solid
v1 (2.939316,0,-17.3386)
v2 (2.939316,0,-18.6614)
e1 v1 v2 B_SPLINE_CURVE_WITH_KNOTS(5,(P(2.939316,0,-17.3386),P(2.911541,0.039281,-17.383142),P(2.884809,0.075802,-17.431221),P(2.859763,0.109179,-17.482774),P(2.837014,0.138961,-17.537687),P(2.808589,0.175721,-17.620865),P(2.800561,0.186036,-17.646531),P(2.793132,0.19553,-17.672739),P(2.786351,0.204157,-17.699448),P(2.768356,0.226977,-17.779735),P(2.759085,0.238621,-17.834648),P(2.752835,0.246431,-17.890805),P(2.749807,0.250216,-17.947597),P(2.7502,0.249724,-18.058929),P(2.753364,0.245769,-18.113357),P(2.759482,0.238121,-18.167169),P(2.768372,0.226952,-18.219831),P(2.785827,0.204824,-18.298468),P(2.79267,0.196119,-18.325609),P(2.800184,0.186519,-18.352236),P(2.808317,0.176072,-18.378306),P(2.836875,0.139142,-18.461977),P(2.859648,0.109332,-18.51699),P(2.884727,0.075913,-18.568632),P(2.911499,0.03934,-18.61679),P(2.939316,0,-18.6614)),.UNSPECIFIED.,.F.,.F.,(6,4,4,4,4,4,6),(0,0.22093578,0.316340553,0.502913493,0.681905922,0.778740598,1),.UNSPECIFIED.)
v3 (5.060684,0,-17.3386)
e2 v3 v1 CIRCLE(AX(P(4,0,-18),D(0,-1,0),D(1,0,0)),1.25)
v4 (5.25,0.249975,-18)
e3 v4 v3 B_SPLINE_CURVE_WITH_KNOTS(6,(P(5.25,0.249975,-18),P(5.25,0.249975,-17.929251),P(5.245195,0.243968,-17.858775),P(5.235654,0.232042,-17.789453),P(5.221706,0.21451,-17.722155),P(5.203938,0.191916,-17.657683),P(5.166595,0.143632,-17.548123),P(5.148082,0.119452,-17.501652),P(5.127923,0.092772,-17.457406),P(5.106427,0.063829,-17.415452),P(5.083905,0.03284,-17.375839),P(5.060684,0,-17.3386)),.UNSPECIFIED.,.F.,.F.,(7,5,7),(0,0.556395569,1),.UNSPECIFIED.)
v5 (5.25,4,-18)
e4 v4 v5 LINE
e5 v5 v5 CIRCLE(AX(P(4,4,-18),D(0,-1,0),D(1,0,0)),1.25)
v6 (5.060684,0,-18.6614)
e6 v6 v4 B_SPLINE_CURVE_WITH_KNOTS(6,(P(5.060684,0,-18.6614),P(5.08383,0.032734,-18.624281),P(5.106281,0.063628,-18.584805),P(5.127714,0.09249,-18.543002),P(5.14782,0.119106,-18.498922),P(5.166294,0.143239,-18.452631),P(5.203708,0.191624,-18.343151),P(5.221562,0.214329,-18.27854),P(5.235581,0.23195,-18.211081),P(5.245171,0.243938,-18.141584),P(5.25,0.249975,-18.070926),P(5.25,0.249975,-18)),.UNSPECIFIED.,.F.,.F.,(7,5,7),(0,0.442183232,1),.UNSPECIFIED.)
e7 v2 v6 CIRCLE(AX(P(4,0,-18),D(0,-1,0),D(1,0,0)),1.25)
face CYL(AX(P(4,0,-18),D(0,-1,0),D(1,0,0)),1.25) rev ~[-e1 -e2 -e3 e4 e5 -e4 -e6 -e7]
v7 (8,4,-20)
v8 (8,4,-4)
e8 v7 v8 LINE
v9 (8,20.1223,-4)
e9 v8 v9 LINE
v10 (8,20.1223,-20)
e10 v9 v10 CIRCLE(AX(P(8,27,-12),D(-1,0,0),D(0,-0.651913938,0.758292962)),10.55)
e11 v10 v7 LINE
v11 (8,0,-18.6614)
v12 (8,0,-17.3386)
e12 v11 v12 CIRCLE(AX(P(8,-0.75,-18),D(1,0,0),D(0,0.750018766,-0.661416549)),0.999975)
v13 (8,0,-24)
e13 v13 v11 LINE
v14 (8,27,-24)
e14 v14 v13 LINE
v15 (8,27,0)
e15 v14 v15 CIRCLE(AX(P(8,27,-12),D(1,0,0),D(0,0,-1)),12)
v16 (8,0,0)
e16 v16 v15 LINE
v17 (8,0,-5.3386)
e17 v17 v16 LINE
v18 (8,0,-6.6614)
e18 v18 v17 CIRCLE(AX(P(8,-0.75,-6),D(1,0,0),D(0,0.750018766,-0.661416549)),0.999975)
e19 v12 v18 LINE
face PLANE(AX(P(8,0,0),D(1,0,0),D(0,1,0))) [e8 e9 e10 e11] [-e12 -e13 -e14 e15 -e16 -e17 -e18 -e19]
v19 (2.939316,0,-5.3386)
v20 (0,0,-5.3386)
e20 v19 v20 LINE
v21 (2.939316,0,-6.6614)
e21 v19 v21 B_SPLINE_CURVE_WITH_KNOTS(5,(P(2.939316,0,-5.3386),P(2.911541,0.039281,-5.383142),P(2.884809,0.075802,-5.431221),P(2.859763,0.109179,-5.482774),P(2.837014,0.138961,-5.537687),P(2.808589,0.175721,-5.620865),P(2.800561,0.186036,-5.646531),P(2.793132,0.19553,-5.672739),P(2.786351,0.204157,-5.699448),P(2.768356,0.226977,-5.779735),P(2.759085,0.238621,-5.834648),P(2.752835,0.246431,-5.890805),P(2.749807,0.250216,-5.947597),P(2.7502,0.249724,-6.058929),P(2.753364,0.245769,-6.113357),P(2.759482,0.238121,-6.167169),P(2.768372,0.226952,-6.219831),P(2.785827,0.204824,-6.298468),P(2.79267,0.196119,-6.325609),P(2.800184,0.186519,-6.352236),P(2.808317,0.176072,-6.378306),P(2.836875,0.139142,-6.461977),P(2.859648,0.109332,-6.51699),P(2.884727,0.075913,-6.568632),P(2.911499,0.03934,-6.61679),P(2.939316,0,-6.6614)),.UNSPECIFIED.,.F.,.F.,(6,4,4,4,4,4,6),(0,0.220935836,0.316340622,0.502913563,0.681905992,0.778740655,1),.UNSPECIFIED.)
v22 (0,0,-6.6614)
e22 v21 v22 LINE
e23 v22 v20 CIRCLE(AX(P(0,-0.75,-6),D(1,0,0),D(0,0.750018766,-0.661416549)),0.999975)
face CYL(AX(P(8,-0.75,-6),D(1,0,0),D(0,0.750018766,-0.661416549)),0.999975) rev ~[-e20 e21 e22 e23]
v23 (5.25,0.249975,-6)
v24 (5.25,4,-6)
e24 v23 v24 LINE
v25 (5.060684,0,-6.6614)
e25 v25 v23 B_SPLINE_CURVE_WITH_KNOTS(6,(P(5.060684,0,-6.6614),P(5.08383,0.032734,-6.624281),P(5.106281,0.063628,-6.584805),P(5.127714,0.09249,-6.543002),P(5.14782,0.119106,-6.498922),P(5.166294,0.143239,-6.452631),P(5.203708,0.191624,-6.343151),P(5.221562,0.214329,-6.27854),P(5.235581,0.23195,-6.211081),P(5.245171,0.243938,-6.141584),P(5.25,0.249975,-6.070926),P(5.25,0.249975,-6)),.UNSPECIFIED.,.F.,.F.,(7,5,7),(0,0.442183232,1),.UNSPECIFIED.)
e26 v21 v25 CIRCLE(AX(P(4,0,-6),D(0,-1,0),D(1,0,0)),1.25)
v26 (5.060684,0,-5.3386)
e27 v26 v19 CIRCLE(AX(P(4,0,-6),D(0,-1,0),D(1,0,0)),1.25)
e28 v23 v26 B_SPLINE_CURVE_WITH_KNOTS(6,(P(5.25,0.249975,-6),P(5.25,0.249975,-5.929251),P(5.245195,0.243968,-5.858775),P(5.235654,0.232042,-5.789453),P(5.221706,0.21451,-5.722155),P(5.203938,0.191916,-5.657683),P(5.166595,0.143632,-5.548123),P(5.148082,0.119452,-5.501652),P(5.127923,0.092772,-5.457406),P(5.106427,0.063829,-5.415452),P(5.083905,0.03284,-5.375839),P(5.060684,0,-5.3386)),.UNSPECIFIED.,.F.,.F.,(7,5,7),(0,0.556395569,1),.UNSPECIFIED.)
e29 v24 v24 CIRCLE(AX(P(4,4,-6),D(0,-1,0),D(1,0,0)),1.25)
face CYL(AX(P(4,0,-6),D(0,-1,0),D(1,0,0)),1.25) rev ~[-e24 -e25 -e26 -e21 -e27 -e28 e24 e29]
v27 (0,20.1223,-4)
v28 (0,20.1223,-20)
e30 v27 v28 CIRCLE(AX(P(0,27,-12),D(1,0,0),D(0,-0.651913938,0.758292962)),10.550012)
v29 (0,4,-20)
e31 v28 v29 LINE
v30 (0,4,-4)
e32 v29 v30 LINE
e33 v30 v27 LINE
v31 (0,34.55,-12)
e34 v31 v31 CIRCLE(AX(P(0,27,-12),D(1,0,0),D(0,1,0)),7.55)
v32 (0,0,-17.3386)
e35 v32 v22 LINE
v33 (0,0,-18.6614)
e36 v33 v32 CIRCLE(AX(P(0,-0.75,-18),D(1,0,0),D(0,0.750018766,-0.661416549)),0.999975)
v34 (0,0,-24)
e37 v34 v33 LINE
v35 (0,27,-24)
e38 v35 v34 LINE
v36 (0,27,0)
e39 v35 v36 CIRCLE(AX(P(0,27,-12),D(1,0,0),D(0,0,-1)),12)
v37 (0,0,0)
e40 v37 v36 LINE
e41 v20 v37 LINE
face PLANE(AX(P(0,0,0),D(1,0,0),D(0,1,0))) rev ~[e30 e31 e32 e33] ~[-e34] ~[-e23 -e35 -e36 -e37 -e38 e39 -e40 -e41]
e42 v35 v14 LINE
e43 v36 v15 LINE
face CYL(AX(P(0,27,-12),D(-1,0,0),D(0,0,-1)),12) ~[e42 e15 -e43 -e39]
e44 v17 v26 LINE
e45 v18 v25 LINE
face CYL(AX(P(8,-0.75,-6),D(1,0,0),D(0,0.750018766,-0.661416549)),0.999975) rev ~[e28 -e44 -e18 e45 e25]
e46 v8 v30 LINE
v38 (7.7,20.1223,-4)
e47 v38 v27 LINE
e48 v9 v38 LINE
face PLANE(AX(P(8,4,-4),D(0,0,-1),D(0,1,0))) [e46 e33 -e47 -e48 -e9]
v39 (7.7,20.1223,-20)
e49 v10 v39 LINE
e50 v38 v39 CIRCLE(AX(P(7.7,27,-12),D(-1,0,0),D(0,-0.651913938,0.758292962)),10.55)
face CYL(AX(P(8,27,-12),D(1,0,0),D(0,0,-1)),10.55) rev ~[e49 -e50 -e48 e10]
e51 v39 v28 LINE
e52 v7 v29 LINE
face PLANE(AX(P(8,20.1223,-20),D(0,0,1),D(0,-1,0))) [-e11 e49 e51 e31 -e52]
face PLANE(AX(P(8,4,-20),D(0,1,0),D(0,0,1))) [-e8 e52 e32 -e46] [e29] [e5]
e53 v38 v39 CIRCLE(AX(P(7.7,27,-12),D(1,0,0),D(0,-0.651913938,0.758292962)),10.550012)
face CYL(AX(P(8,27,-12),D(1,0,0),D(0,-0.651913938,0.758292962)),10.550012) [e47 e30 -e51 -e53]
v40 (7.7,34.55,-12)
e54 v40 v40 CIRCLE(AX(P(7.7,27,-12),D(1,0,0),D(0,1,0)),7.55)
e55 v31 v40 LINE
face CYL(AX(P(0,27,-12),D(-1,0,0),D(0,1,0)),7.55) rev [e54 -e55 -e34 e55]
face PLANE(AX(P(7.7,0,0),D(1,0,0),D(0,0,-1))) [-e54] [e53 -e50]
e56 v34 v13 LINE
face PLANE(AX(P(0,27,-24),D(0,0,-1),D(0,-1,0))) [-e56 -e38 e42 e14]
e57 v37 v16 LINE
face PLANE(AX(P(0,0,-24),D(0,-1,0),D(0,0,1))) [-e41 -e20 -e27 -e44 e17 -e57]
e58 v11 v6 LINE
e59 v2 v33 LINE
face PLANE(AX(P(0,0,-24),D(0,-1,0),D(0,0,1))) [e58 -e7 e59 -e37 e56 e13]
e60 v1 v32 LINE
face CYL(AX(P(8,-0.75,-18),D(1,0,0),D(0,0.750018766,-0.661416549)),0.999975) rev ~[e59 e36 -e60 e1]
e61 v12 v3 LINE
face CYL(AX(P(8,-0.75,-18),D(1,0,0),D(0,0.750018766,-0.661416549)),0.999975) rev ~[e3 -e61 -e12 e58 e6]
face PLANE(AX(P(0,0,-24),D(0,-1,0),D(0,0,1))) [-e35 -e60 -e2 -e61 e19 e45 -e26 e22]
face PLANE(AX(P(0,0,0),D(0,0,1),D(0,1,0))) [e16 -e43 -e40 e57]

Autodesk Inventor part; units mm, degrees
ref_plane "YZ Plane" through (0, 0, 0) normal (1, 0, 0) x (0, 1, 0)
ref_plane "XZ Plane" through (0, 0, 0) normal (0, 1, 0) x (-1, 0, 0)
ref_plane "XY Plane" through (0, 0, 0) normal (0, 0, 1) x (1, 0, 0)
sketch "스케치1" plane through (0, 0, 0) normal (1, 0, 0) x (0, 1, 0)
  line L0 (0, 0) -> (27, 0)
  line L1 (27, -24) -> (0, -24)
  line L2 (0, -24) -> (0, 0)
  circle A0 centre (27, -12) radius 7.55
  arc A1 (27, -24) -> (27, 0) centre (27, -12) ccw
  dimension "d2" = 15.1
  dimension "d3" = 12
  dimension "d4" = 27
  dimension "d8" = 24
extrude "돌출2" add sketch "스케치1" along normal blind 8
sketch "스케치2" plane through (8, 0, 0) normal (1, 0, 0) x (0, 0, -1)
  circle A0 centre (12, 27) radius 7.55 projected
  line L0 (0, 27) -> (0, 0) projected
  line L1 (0, 0) -> (24, 0) projected
  line L2 (24, 0) -> (24, 27) projected
  arc A1 (24, 27) -> (0, 27) centre (12, 27) ccw projected
  arc A2 (4, 20.1223) -> (20, 20.1223) centre (12, 27) ccw
  line L3 (4, 4) -> (4, 20.1223)
  line L4 (20, 20.1223) -> (20, 4)
  line L5 (20, 4) -> (4, 4)
  dimension "d12" = 3
  dimension "d13" = 4
extrude "돌출3" cut sketch "스케치2" against normal blind 8 contours A2 L4 L5 L3
sketch "스케치3" plane through (0, 0, -24) normal (0, -1, 0) x (1, 0, 0)
  circle A0 centre (4, 18) radius 1.25
  circle A1 centre (4, 6) radius 1.25
  line L0 (8, 24) -> (8, 0) projected
  line L1 (0, 24) -> (8, 24) projected
  line L2 (0, 0) -> (8, 0) projected
  dimension "d16" = 2.5
  dimension "d17" = 2.5
  dimension "d18" = 4
  dimension "d19" = 4
  dimension "d20" = 6
  dimension "d21" = 6
extrude "돌출4" cut sketch "스케치3" against normal blind 8
sketch "스케치4" plane through (8, 0, 0) normal (1, 0, 0) x (0, 0, -1)
  line L0 (4.75, 4) -> (7.25, 4) projected
  line L1 (7.25, 0) -> (4.75, 0) projected
  line L2 (16.75, 4) -> (19.25, 4) projected
  line L3 (19.25, 0) -> (16.75, 0) projected
  arc A0 (6.6614, 0) -> (5.3386, 0) centre (6, -0.75) ccw
  arc A1 (18.6614, 0) -> (17.3386, 0) centre (18, -0.75) ccw
  line L4 (0, 0) -> (24, 0) projected
  dimension "d24" = 2
  dimension "d25" = 2
extrude "돌출5" cut sketch "스케치4" against normal blind 8
sketch "스케치5" plane through (8, 0, 0) normal (1, 0, 0) x (0, 0, -1)
  arc A0 (6.6614, 0) -> (5.3386, 0) centre (6, -0.75) ccw projected
  line L0 (6.6614, 0) -> (17.3386, 0) projected
  arc A1 (18.6614, 0) -> (17.3386, 0) centre (18, -0.75) ccw projected
  line L1 (18.6614, 0) -> (24, 0) projected
  line L2 (24, 0) -> (24, 27) projected
  arc A2 (24, 27) -> (0, 27) centre (12, 27) ccw projected
  line L3 (0, 27) -> (0, 0) projected
  line L4 (0, 0) -> (5.3386, 0) projected
  circle A3 centre (12, 27) radius 7.55 projected
  line L5 (20, 4) -> (4, 4) projected
  line L6 (4, 4) -> (4, 20.1223) projected
  arc A4 (4, 20.1223) -> (20, 20.1223) centre (12, 27) ccw projected
  line L7 (20, 20.1223) -> (20, 4) projected
  circle A5 centre (12, 27) radius 10.55
extrude "돌출6" cut sketch "스케치5" against normal blind 0.3 contours A4 A5
properties part number "베어링받침대" material "알루미늄 6061"
